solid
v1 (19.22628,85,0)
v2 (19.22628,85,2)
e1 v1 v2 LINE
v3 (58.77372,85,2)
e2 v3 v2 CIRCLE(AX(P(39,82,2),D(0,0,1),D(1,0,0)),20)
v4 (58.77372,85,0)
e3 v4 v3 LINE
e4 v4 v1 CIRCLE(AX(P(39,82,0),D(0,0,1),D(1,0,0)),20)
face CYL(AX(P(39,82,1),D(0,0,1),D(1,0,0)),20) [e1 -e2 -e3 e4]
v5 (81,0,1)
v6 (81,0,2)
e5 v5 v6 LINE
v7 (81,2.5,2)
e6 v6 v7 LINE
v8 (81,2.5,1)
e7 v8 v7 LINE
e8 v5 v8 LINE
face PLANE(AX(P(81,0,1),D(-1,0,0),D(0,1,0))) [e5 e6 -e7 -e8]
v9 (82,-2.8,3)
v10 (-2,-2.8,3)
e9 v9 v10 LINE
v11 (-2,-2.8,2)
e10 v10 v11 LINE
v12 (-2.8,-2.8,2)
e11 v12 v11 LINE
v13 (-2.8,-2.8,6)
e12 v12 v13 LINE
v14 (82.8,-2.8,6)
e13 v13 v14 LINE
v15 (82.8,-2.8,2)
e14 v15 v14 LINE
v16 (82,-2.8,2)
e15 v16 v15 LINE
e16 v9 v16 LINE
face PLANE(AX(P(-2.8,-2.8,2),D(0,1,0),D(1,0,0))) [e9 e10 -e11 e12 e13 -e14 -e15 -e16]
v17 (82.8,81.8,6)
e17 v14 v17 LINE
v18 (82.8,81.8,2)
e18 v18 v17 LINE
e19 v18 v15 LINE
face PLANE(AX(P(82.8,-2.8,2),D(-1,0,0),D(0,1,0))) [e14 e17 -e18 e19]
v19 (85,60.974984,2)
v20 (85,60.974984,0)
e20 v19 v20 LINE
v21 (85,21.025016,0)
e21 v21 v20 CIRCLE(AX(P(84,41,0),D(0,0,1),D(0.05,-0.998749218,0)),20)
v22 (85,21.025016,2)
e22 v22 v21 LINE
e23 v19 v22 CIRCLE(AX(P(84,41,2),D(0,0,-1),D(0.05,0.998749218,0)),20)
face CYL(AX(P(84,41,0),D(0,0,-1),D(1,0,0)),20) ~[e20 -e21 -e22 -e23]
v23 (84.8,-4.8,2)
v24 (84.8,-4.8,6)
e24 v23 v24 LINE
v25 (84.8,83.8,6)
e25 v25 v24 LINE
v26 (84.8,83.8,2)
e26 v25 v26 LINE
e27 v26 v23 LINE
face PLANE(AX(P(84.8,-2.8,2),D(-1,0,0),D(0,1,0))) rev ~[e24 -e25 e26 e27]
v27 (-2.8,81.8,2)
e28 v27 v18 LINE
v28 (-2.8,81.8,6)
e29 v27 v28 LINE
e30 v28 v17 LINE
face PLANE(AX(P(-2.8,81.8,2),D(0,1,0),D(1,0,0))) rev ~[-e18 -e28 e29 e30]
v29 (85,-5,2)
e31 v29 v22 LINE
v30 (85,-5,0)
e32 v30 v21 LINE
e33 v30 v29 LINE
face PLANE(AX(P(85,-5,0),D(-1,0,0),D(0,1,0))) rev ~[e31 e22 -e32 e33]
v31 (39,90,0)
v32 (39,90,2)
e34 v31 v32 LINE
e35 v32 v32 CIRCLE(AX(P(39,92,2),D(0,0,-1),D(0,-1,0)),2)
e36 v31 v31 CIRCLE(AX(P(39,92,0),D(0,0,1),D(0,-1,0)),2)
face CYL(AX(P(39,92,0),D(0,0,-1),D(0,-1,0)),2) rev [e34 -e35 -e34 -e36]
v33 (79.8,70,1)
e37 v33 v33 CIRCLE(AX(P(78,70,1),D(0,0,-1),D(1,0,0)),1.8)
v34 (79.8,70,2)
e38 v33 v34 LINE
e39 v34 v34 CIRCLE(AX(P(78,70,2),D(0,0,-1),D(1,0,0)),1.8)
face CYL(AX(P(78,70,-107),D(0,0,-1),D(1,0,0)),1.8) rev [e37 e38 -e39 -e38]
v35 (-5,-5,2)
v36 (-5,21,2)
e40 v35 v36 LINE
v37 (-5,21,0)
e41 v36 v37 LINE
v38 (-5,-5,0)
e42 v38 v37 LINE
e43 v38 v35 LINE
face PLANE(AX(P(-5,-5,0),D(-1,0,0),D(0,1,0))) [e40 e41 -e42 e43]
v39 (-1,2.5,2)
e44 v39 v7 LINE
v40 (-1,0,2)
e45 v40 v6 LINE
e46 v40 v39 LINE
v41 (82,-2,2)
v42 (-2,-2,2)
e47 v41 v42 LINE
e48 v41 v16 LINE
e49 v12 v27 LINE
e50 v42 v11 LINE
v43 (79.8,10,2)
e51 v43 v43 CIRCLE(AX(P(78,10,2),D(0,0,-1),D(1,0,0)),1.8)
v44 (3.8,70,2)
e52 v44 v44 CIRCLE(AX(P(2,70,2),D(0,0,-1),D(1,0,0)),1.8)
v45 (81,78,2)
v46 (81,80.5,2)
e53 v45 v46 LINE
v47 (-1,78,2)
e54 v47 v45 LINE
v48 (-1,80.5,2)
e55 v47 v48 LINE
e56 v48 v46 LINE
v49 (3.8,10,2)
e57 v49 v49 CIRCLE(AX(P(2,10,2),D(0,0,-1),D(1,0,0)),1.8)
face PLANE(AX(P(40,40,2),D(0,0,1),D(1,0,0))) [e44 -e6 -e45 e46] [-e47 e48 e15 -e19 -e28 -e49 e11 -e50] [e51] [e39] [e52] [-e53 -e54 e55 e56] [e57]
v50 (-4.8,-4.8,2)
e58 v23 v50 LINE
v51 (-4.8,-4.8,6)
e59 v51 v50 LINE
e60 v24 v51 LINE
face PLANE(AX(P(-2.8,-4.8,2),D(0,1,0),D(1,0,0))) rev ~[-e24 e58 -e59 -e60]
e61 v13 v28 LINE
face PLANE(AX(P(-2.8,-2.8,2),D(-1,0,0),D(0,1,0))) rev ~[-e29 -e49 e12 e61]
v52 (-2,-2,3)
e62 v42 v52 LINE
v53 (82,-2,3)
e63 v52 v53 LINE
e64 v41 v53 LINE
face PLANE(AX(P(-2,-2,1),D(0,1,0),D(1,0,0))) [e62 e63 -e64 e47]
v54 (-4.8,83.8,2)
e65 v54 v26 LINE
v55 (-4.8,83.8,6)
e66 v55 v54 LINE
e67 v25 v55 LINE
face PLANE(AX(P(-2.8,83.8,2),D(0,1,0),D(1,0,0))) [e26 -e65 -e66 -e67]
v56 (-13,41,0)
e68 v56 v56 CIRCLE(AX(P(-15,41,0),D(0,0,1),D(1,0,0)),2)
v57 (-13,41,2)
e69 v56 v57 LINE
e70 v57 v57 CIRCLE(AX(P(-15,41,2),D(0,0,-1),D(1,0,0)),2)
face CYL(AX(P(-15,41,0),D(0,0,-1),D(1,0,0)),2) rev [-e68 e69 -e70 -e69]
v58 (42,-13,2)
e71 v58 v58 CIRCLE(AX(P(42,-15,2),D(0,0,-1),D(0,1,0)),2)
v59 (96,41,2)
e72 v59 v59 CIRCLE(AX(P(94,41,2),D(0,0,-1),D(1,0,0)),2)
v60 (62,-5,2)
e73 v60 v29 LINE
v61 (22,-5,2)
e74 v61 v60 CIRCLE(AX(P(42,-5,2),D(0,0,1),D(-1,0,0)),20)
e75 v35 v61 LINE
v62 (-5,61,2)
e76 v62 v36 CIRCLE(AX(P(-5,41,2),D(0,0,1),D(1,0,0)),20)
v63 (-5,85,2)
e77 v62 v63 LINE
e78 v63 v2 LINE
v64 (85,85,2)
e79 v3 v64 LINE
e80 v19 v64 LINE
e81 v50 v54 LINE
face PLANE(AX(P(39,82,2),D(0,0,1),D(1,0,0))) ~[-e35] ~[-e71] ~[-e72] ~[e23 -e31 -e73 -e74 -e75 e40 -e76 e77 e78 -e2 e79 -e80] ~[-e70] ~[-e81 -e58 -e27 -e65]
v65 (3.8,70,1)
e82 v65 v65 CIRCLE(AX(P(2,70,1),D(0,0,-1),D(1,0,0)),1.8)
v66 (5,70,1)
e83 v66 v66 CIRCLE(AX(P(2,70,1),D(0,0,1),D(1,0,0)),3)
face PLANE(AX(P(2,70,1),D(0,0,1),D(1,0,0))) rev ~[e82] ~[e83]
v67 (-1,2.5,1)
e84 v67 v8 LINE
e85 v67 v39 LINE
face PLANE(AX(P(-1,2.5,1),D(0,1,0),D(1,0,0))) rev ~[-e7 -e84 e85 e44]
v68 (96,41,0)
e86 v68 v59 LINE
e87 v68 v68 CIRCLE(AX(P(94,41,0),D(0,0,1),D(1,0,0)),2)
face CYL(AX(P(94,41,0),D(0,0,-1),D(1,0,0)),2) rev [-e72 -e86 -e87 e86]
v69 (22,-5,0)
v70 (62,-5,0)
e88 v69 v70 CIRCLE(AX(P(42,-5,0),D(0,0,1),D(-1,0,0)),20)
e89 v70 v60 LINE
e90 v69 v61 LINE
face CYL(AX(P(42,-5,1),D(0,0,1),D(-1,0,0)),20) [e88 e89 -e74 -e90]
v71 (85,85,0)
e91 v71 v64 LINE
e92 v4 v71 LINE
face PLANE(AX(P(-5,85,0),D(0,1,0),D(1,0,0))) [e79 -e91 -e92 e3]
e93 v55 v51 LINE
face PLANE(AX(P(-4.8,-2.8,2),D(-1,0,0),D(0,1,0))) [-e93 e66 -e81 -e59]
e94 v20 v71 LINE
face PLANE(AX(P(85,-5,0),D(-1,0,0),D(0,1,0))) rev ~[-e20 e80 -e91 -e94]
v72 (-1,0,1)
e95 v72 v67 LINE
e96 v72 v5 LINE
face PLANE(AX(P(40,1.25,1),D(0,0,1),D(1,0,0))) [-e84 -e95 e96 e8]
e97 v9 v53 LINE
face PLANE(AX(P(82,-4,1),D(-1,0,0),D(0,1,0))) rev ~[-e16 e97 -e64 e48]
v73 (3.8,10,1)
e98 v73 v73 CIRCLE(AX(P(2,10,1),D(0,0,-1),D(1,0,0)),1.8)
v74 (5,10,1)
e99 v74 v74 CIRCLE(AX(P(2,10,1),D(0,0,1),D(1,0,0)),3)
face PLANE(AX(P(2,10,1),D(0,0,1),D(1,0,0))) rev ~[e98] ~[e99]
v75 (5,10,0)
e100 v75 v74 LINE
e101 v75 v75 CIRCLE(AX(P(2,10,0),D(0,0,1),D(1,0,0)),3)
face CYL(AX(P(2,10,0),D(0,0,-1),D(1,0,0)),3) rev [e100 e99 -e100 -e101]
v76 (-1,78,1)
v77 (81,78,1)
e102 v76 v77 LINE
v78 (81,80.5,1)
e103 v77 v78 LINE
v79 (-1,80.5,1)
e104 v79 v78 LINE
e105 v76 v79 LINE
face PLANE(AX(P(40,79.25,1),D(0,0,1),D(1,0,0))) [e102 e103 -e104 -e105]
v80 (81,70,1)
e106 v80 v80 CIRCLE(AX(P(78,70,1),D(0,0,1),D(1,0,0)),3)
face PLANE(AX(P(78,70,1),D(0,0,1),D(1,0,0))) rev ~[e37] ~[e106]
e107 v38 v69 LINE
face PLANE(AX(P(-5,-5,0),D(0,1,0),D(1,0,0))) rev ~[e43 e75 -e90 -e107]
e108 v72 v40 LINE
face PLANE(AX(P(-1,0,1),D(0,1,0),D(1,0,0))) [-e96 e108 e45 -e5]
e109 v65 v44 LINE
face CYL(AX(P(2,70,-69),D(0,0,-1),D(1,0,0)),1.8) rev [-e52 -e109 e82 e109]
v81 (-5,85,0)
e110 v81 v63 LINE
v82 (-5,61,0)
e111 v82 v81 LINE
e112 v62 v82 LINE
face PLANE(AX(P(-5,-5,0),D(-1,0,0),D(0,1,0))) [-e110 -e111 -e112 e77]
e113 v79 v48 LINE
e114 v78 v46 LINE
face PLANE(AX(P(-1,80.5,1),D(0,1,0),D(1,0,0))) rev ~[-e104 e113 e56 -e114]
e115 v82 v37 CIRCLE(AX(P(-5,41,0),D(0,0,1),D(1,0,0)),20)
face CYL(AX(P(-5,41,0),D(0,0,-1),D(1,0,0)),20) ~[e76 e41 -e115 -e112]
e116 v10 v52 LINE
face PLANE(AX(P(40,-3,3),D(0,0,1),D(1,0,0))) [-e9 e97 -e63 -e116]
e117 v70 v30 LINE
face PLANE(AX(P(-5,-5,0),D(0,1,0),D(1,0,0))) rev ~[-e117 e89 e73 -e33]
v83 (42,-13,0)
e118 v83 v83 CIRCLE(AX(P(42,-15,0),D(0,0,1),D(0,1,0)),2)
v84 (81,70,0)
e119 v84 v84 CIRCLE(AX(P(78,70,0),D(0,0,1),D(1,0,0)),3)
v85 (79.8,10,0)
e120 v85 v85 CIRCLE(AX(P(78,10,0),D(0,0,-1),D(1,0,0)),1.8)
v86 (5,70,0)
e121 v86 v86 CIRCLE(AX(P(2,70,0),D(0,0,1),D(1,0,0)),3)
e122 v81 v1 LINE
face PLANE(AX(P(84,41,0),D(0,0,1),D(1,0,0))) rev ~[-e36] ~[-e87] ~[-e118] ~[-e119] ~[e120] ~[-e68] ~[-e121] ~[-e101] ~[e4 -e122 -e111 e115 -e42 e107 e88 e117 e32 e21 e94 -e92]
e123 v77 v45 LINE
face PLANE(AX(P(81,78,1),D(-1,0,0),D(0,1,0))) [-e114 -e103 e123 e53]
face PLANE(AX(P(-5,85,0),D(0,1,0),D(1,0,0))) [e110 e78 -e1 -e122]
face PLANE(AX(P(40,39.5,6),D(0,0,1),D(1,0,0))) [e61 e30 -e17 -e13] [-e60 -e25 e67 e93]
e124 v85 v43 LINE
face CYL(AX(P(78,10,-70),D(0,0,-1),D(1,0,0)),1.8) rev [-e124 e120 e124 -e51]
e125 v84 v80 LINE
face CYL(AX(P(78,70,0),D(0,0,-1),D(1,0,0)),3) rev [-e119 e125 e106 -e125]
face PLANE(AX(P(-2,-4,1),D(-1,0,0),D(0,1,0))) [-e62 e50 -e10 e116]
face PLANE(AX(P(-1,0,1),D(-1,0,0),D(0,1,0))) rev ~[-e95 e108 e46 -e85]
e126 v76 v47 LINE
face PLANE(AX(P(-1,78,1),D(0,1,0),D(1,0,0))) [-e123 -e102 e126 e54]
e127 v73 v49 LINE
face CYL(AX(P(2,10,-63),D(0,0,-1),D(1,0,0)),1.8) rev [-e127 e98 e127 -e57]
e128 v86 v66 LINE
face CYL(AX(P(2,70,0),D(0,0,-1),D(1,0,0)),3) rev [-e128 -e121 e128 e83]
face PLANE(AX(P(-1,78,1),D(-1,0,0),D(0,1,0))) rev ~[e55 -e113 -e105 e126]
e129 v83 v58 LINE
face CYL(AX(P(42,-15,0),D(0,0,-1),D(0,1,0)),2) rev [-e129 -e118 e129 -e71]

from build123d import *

# Parameters (mm, degrees)
CYLINDER015_R          = 1.8
CYLINDER015_DEPTH      = 300
CYLINDER013_R          = 1.8
CYLINDER013_DEPTH      = 300
CYLINDER012_R          = 1.8
CYLINDER012_DEPTH      = 300
BOX034_W               = 82
BOX034_H               = 2.5
BOX034_DEPTH           = 1
BOX030_W               = 82
BOX030_H               = 2.5
BOX030_DEPTH           = 1
CYLINDER016_R          = 3
CYLINDER016_DEPTH      = 1
CYLINDER017_R          = 3
CYLINDER017_DEPTH      = 1
CYLINDER018_R          = 3
CYLINDER018_DEPTH      = 1
CYLINDER014_R          = 1.8
CYLINDER014_DEPTH      = 300
BOX035_W               = 84
BOX035_H               = 2
BOX035_DEPTH           = 2
BOX038_W               = 85.6
BOX038_H               = 84.6
BOX038_DEPTH           = 4
THICKNESS001_T         = 2
CYLINDER022_R          = 2
CYLINDER022_DEPTH      = 10
CYLINDER021_R          = 20
CYLINDER021_DEPTH      = 2
CYLINDER023_R          = 2
CYLINDER023_DEPTH      = 10
CYLINDER020_R          = 20
CYLINDER020_DEPTH      = 2
CYLINDER026_R          = 2
CYLINDER026_DEPTH      = 10
CYLINDER027_W          = 20
CYLINDER027_H          = 2
CYLINDER027_ANGLE      = 180
CUT007_PLACEMENT_ANGLE = 90
CYLINDER024_R          = 2
CYLINDER024_DEPTH      = 10
CYLINDER025_W          = 20
CYLINDER025_H          = 2
CYLINDER025_ANGLE      = 180
CUT006_PLACEMENT_ANGLE = 90
BOX029_W               = 90
BOX029_H               = 90
BOX029_DEPTH           = 2


with BuildPart() as cylinder015:
    # Cylinder015 → Cylinder015 (new body)
    with BuildSketch(Plane(origin=(2, 70, -69), x_dir=(1, 0, 0), z_dir=(0, 0, 1))):
        Circle(CYLINDER015_R)
    extrude(amount=CYLINDER015_DEPTH)


with BuildPart() as cylinder013:
    # Cylinder013 → Cylinder013 (new body)
    with BuildSketch(Plane(origin=(78, 70, -107), x_dir=(1, 0, 0), z_dir=(0, 0, 1))):
        Circle(CYLINDER013_R)
    extrude(amount=CYLINDER013_DEPTH)


with BuildPart() as cylinder012:
    # Cylinder012 → Cylinder012 (new body)
    with BuildSketch(Plane(origin=(78, 10, -70), x_dir=(1, 0, 0), z_dir=(0, 0, 1))):
        Circle(CYLINDER012_R)
    extrude(amount=CYLINDER012_DEPTH)


with BuildPart() as cube022:
    # Box034 → Box034 (new body)
    with BuildSketch(Plane(origin=(-1, 78, 1), x_dir=(1, 0, 0), z_dir=(0, 0, 1))):
        with Locations((41, 1.25)):
            Rectangle(BOX034_W, BOX034_H)
    extrude(amount=BOX034_DEPTH)


with BuildPart() as cube018:
    # Box030 → Box030 (new body)
    with BuildSketch(Plane(origin=(-1, 0, 1), x_dir=(1, 0, 0), z_dir=(0, 0, 1))):
        with Locations((41, 1.25)):
            Rectangle(BOX030_W, BOX030_H)
    extrude(amount=BOX030_DEPTH)


with BuildPart() as cylinder016:
    # Cylinder016 → Cylinder016 (new body)
    with BuildSketch(Plane(origin=(2, 10, 0), x_dir=(1, 0, 0), z_dir=(0, 0, 1))):
        Circle(CYLINDER016_R)
    extrude(amount=CYLINDER016_DEPTH)


with BuildPart() as cylinder017:
    # Cylinder017 → Cylinder017 (new body)
    with BuildSketch(Plane(origin=(2, 70, 0), x_dir=(1, 0, 0), z_dir=(0, 0, 1))):
        Circle(CYLINDER017_R)
    extrude(amount=CYLINDER017_DEPTH)


with BuildPart() as cylinder018:
    # Cylinder018 → Cylinder018 (new body)
    with BuildSketch(Plane(origin=(78, 70, 0), x_dir=(1, 0, 0), z_dir=(0, 0, 1))):
        Circle(CYLINDER018_R)
    extrude(amount=CYLINDER018_DEPTH)


with BuildPart() as fusion008:
    # Cylinder014 → Cylinder014 (new body)
    with BuildSketch(Plane(origin=(2, 10, -63), x_dir=(1, 0, 0), z_dir=(0, 0, 1))):
        Circle(CYLINDER014_R)
    extrude(amount=CYLINDER014_DEPTH)

    # Fusion008: union Cylinder015, Cylinder013, Cylinder012, Cube022, Cube018, Cylinder016, Cylinder017, Cylinder018
    add(cylinder015.part)
    add(cylinder013.part)
    add(cylinder012.part)
    add(cube022.part)
    add(cube018.part)
    add(cylinder016.part)
    add(cylinder017.part)
    add(cylinder018.part)


with BuildPart() as cube023:
    # Box035 → Box035 (new body)
    with BuildSketch(Plane(origin=(-2, -4, 1), x_dir=(1, 0, 0), z_dir=(0, 0, 1))):
        with Locations((42, 1)):
            Rectangle(BOX035_W, BOX035_H)
    extrude(amount=BOX035_DEPTH)


with BuildPart() as thickness001:
    # Box038 → Box038 (new body)
    with BuildSketch(Plane(origin=(-2.8, -2.8, 2), x_dir=(1, 0, 0), z_dir=(0, 0, 1))):
        with Locations((42.8, 42.3)):
            Rectangle(BOX038_W, BOX038_H)
    extrude(amount=BOX038_DEPTH)

    # Thickness001
    thickness001_openings = [thickness001.faces().sort_by_distance(p)[0] for p in [
        (40, 39.5, 2),
        (40, 39.5, 6),
    ]]
    offset(amount=THICKNESS001_T, openings=thickness001_openings, kind=Kind.INTERSECTION)


with BuildPart() as cylinder022:
    # Cylinder022 → Cylinder022 (new body)
    with BuildSketch(Plane(origin=(94, 41, 0), x_dir=(1, 0, 0), z_dir=(0, 0, 1))):
        Circle(CYLINDER022_R)
    extrude(amount=CYLINDER022_DEPTH)


with BuildPart() as cut004:
    # Cylinder021 → Cylinder021 (new body)
    with BuildSketch(Plane(origin=(84, 41, 0), x_dir=(1, 0, 0), z_dir=(0, 0, 1))):
        Circle(CYLINDER021_R)
    extrude(amount=CYLINDER021_DEPTH)

    # Cut004: cut Cylinder022
    add(cylinder022.part, mode=Mode.SUBTRACT)


with BuildPart() as cylinder023:
    # Cylinder023 → Cylinder023 (new body)
    with BuildSketch(Plane(origin=(-15, 41, 0), x_dir=(1, 0, 0), z_dir=(0, 0, 1))):
        Circle(CYLINDER023_R)
    extrude(amount=CYLINDER023_DEPTH)


with BuildPart() as cut005:
    # Cylinder020 → Cylinder020 (new body)
    with BuildSketch(Plane(origin=(-5, 41, 0), x_dir=(1, 0, 0), z_dir=(0, 0, 1))):
        Circle(CYLINDER020_R)
    extrude(amount=CYLINDER020_DEPTH)

    # Cut005: cut Cylinder023
    add(cylinder023.part, mode=Mode.SUBTRACT)


with BuildPart() as cylinder026:
    # Cylinder026 → Cylinder026 (new body)
    with BuildSketch(Plane(origin=(-15, 41, 0), x_dir=(1, 0, 0), z_dir=(0, 0, 1))):
        Circle(CYLINDER026_R)
    extrude(amount=CYLINDER026_DEPTH)


with BuildPart() as cut007:
    # Cylinder027 → Cylinder027 (revolve)
    with BuildSketch(Plane(origin=(-5, 41, 0), x_dir=(0, 1, 0), z_dir=(1, 0, 0))):
        with Locations((10, 1)):
            Rectangle(CYLINDER027_W, CYLINDER027_H)
    revolve(axis=Axis((-5, 41, 0), (0, 0, 1)), revolution_arc=CYLINDER027_ANGLE)

    # Cut007: cut Cylinder026
    add(cylinder026.part, mode=Mode.SUBTRACT)


with BuildPart() as cut007_1:
    # Cut007 placement: moved
    add(cut007.part.moved(Location((-2, 77, 0))).rotate(Axis((-2, 77, 0), (0, 0, -1)), CUT007_PLACEMENT_ANGLE))


with BuildPart() as cylinder024:
    # Cylinder024 → Cylinder024 (new body)
    with BuildSketch(Plane(origin=(-15, 41, 0), x_dir=(1, 0, 0), z_dir=(0, 0, 1))):
        Circle(CYLINDER024_R)
    extrude(amount=CYLINDER024_DEPTH)


with BuildPart() as cut006:
    # Cylinder025 → Cylinder025 (revolve)
    with BuildSketch(Plane(origin=(-5, 41, 0), x_dir=(0, 1, 0), z_dir=(1, 0, 0))):
        with Locations((10, 1)):
            Rectangle(CYLINDER025_W, CYLINDER025_H)
    revolve(axis=Axis((-5, 41, 0), (0, 0, 1)), revolution_arc=CYLINDER025_ANGLE)

    # Cut006: cut Cylinder024
    add(cylinder024.part, mode=Mode.SUBTRACT)


with BuildPart() as cut006_1:
    # Cut006 placement: moved
    add(cut006.part.moved(Location((83, 0, 0))).rotate(Axis((83, 0, 0), (0, 0, 1)), CUT006_PLACEMENT_ANGLE))


with BuildPart() as cut_vrch:
    # Box029 → Box029 (new body)
    with BuildSketch(Plane(origin=(-5, -5, 0), x_dir=(1, 0, 0), z_dir=(0, 0, 1))):
        with Locations((45, 45)):
            Rectangle(BOX029_W, BOX029_H)
    extrude(amount=BOX029_DEPTH)

    # Fusion007: union Cube023, Thickness001, Cut004, Cut005, Cut007, Cut006
    add(cube023.part)
    add(thickness001.part)
    add(cut004.part)
    add(cut005.part)
    add(cut007_1.part)
    add(cut006_1.part)

    # Cut003: cut Fusion008
    add(fusion008.part, mode=Mode.SUBTRACT)


solid = cut_vrch.part
